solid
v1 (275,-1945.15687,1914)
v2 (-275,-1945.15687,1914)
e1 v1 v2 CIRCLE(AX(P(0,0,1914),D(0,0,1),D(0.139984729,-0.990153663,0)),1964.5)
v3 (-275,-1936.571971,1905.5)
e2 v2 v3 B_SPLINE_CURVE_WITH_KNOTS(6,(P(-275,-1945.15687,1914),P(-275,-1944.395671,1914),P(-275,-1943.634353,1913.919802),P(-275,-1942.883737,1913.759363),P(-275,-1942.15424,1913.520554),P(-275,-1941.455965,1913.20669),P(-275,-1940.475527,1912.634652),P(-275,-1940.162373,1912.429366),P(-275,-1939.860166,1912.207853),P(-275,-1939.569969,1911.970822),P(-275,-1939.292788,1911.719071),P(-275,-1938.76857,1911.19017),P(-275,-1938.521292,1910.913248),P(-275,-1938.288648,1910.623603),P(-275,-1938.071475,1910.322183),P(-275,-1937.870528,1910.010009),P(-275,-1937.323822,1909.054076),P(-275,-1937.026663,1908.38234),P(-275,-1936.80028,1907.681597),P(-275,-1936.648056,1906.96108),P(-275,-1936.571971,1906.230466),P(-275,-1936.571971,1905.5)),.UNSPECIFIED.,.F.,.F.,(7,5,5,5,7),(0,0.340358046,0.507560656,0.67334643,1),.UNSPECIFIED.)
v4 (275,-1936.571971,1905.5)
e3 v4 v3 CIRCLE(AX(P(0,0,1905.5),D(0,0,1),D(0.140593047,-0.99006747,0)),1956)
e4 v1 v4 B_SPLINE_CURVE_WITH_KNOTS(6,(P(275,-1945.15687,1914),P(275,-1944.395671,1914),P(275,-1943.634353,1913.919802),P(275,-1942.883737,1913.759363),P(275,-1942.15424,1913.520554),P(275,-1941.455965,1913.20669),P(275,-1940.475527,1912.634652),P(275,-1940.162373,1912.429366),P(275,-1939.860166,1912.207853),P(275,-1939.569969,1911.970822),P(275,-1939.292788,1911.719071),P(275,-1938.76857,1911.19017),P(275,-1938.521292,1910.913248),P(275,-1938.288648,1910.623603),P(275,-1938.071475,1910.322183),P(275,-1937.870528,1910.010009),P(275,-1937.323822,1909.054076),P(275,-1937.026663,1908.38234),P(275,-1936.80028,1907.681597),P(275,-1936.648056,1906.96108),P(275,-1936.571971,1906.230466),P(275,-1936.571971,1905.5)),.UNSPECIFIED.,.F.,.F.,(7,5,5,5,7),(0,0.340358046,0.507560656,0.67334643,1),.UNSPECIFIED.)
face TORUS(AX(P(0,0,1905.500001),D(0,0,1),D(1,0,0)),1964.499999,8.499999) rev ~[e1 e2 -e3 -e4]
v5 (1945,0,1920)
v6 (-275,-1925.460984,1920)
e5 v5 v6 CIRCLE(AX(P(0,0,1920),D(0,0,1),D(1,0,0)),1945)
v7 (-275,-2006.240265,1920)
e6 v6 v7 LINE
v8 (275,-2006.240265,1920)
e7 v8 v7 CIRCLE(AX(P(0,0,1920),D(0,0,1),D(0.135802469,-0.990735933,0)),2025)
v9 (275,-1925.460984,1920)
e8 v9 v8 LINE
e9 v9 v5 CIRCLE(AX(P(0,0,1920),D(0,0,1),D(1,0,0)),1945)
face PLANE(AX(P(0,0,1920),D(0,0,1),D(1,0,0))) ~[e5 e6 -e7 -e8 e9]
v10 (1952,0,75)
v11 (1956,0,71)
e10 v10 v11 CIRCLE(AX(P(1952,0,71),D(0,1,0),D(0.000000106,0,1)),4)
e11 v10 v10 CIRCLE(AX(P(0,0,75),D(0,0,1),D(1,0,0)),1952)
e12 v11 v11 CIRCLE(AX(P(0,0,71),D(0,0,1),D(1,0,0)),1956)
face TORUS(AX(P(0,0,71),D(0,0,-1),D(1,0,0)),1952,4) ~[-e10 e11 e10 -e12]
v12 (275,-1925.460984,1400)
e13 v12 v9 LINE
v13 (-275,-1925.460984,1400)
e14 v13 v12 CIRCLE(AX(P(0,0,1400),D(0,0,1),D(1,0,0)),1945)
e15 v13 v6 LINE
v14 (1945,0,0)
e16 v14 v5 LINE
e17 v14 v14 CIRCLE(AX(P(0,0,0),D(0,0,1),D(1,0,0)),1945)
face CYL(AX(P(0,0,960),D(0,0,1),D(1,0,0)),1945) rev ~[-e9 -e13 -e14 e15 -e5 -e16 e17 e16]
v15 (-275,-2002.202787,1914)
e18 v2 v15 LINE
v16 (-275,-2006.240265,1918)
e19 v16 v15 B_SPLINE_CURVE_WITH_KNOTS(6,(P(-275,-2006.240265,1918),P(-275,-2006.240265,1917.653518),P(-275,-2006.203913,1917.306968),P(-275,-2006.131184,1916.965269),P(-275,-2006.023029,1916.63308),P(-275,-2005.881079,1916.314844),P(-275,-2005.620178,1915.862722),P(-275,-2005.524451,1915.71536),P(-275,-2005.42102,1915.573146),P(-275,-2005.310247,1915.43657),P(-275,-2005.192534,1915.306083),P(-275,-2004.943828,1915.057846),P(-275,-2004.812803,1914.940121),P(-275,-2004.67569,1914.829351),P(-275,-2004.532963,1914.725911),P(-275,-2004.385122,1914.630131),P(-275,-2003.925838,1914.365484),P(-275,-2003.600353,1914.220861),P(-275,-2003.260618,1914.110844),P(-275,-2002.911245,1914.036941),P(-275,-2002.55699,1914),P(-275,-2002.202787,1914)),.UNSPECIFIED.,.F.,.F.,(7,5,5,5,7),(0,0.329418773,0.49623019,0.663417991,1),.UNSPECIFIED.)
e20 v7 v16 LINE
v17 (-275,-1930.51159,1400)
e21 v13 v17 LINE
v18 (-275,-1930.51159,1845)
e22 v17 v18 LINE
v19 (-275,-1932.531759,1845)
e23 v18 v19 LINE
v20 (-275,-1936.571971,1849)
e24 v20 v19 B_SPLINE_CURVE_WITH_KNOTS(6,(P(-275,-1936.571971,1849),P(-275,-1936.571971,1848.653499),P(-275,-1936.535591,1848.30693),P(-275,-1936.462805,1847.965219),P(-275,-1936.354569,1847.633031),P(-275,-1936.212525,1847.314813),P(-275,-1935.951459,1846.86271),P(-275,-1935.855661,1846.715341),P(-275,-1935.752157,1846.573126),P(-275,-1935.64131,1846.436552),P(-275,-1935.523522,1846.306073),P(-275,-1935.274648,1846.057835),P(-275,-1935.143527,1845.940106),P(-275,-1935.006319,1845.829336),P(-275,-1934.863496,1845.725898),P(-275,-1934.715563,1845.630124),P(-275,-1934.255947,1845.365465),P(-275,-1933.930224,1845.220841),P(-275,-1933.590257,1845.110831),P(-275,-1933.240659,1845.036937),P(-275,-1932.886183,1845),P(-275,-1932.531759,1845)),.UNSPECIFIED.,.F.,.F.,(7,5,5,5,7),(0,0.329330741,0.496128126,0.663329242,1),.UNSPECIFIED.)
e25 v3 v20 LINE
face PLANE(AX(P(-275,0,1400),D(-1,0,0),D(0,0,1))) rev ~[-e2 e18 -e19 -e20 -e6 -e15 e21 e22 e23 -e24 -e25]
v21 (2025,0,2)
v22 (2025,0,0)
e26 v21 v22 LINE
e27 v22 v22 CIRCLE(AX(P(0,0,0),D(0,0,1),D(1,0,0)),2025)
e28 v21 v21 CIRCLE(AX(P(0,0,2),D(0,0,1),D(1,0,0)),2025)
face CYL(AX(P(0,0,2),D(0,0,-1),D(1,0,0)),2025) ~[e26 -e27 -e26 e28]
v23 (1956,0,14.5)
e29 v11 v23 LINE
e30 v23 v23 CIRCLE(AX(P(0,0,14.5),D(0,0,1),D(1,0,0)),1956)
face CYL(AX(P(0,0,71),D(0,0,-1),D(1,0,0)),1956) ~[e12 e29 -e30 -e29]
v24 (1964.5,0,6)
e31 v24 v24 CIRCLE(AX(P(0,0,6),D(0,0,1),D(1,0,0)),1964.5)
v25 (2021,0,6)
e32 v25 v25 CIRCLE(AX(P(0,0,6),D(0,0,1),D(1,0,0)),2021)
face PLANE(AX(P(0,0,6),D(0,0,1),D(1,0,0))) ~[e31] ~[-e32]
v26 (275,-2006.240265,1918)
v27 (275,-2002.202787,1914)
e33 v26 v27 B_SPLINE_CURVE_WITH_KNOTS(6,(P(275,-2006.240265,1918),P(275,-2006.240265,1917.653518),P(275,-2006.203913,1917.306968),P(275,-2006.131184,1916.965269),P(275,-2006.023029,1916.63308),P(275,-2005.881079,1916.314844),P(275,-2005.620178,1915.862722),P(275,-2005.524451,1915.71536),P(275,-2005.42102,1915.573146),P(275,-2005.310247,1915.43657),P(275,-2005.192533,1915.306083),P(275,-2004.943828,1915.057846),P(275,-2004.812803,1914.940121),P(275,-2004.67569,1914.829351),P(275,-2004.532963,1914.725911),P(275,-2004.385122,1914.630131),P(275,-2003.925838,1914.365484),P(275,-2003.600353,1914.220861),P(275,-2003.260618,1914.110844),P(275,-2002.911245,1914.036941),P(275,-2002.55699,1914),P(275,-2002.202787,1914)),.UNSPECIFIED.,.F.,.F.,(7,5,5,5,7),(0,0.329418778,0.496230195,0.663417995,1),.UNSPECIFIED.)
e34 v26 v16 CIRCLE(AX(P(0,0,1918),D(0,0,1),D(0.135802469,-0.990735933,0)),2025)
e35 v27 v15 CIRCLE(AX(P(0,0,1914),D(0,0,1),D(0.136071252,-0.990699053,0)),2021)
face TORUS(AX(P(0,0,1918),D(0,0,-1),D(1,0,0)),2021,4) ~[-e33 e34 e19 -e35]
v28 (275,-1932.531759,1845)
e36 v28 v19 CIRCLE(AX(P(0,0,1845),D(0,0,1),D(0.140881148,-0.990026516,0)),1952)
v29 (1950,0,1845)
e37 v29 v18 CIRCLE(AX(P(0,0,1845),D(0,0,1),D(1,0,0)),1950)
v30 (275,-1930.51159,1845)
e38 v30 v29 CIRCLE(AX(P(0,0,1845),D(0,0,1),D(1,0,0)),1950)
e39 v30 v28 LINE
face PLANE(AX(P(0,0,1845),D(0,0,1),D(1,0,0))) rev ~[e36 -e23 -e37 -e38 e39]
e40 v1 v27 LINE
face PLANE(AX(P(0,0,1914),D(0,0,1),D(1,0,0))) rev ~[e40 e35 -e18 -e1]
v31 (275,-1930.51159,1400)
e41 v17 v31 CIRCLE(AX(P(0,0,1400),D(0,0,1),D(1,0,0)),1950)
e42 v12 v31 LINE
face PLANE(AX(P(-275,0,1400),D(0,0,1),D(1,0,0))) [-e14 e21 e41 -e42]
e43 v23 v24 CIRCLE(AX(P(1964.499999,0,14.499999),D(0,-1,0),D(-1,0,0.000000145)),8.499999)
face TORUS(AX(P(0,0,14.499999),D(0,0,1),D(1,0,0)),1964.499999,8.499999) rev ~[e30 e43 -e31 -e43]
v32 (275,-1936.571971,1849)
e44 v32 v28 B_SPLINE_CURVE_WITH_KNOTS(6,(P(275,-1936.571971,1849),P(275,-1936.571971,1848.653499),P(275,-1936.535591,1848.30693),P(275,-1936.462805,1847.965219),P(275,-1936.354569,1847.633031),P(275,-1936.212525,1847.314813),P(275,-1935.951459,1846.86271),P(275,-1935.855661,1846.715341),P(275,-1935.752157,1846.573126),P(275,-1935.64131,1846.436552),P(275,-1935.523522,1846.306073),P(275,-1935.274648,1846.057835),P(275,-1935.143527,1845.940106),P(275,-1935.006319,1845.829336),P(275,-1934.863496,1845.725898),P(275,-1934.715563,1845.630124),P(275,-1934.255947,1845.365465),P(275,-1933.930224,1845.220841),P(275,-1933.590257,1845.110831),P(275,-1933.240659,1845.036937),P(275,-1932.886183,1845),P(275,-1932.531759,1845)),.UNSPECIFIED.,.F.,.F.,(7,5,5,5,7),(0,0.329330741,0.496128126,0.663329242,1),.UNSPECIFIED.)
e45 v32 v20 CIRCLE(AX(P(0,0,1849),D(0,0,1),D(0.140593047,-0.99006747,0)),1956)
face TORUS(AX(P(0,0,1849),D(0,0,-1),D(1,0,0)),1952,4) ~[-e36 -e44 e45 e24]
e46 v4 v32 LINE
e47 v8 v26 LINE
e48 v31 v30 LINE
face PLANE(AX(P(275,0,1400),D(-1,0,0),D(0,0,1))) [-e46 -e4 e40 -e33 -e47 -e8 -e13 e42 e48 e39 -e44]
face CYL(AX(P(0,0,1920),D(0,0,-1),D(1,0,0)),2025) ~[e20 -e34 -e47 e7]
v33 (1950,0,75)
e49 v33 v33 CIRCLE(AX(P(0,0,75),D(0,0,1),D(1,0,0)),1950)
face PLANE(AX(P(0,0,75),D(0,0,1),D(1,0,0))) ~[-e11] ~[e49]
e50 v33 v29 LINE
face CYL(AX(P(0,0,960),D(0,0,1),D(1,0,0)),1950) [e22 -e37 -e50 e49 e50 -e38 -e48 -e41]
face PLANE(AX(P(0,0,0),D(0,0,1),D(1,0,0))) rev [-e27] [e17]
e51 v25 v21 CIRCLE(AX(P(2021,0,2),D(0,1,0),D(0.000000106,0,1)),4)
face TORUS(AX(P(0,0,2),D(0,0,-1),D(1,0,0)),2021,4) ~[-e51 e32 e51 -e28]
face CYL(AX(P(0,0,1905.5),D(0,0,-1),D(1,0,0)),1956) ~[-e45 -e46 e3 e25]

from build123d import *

# Parameters (mm, degrees)
SKETCH001_W   = 550
SKETCH001_H   = 520
EXTRUDE_DEPTH = 2500
SKETCH_W      = 5
SKETCH_H      = 1920


with BuildPart() as extrude_body:
    # Sketch001 → Extrude (new body)
    with BuildSketch(Plane.XZ):
        with Locations((0, 1660)):
            Rectangle(SKETCH001_W, SKETCH001_H)
    extrude(amount=EXTRUDE_DEPTH)


with BuildPart() as revolve001:
    # AngleSteel → Revolve001 (revolve)
    with BuildSketch(Plane(origin=(1970.58985, 0, 20.58985), x_dir=(1, 0, 0), z_dir=(0, 1, 0))):
        with BuildLine():
            Line((-20.58985, 20.58985), (-20.58985, -54.41015))
            Line((-20.58985, -54.41015), (-18.58985, -54.41015))
            ThreePointArc((-18.58985, -54.41015), (-15.761423, -53.238577), (-14.58985, -50.41015))
            Line((-14.58985, -50.41015), (-14.58985, 6.08985))
            ThreePointArc((-14.58985, 6.08985), (-12.100258, 12.100258), (-6.08985, 14.58985))
            Line((-6.08985, 14.58985), (50.41015, 14.58985))
            ThreePointArc((50.41015, 14.58985), (53.238577, 15.761423), (54.41015, 18.58985))
            Line((54.41015, 18.58985), (54.41015, 20.58985))
            Line((54.41015, 20.58985), (-20.58985, 20.58985))
        make_face()
    revolve(axis=Axis((0, 0, 0), (0, 0, 1)))


with BuildPart() as revolve002:
    # AngleSteel001 → Revolve002 (revolve)
    with BuildSketch(Plane(origin=(1970.58985, 0, 1899.41015), x_dir=(1, 0, 0), z_dir=(0, 1, 0))):
        with BuildLine():
            Line((-20.58985, -20.58985), (54.41015, -20.58985))
            Line((54.41015, -20.58985), (54.41015, -18.58985))
            ThreePointArc((54.41015, -18.58985), (53.238577, -15.761423), (50.41015, -14.58985))
            Line((50.41015, -14.58985), (-6.08985, -14.58985))
            ThreePointArc((-6.08985, -14.58985), (-12.100258, -12.100258), (-14.58985, -6.08985))
            Line((-14.58985, -6.08985), (-14.58985, 50.41015))
            ThreePointArc((-14.58985, 50.41015), (-15.761423, 53.238577), (-18.58985, 54.41015))
            Line((-18.58985, 54.41015), (-20.58985, 54.41015))
            Line((-20.58985, 54.41015), (-20.58985, -20.58985))
        make_face()
    revolve(axis=Axis((0, 0, 0), (0, 0, 1)))


with BuildPart() as cut:
    # Sketch → Revolve (revolve)
    with BuildSketch(Plane.XZ):
        with Locations((1947.5, 960)):
            Rectangle(SKETCH_W, SKETCH_H)
    revolve(axis=Axis((0, 0, 0), (0, 0, 1)))

    # Fusion: union Revolve001, Revolve002
    add(revolve001.part)
    add(revolve002.part)

    # Cut: cut Extrude body
    add(extrude_body.part, mode=Mode.SUBTRACT)


solid = cut.part
